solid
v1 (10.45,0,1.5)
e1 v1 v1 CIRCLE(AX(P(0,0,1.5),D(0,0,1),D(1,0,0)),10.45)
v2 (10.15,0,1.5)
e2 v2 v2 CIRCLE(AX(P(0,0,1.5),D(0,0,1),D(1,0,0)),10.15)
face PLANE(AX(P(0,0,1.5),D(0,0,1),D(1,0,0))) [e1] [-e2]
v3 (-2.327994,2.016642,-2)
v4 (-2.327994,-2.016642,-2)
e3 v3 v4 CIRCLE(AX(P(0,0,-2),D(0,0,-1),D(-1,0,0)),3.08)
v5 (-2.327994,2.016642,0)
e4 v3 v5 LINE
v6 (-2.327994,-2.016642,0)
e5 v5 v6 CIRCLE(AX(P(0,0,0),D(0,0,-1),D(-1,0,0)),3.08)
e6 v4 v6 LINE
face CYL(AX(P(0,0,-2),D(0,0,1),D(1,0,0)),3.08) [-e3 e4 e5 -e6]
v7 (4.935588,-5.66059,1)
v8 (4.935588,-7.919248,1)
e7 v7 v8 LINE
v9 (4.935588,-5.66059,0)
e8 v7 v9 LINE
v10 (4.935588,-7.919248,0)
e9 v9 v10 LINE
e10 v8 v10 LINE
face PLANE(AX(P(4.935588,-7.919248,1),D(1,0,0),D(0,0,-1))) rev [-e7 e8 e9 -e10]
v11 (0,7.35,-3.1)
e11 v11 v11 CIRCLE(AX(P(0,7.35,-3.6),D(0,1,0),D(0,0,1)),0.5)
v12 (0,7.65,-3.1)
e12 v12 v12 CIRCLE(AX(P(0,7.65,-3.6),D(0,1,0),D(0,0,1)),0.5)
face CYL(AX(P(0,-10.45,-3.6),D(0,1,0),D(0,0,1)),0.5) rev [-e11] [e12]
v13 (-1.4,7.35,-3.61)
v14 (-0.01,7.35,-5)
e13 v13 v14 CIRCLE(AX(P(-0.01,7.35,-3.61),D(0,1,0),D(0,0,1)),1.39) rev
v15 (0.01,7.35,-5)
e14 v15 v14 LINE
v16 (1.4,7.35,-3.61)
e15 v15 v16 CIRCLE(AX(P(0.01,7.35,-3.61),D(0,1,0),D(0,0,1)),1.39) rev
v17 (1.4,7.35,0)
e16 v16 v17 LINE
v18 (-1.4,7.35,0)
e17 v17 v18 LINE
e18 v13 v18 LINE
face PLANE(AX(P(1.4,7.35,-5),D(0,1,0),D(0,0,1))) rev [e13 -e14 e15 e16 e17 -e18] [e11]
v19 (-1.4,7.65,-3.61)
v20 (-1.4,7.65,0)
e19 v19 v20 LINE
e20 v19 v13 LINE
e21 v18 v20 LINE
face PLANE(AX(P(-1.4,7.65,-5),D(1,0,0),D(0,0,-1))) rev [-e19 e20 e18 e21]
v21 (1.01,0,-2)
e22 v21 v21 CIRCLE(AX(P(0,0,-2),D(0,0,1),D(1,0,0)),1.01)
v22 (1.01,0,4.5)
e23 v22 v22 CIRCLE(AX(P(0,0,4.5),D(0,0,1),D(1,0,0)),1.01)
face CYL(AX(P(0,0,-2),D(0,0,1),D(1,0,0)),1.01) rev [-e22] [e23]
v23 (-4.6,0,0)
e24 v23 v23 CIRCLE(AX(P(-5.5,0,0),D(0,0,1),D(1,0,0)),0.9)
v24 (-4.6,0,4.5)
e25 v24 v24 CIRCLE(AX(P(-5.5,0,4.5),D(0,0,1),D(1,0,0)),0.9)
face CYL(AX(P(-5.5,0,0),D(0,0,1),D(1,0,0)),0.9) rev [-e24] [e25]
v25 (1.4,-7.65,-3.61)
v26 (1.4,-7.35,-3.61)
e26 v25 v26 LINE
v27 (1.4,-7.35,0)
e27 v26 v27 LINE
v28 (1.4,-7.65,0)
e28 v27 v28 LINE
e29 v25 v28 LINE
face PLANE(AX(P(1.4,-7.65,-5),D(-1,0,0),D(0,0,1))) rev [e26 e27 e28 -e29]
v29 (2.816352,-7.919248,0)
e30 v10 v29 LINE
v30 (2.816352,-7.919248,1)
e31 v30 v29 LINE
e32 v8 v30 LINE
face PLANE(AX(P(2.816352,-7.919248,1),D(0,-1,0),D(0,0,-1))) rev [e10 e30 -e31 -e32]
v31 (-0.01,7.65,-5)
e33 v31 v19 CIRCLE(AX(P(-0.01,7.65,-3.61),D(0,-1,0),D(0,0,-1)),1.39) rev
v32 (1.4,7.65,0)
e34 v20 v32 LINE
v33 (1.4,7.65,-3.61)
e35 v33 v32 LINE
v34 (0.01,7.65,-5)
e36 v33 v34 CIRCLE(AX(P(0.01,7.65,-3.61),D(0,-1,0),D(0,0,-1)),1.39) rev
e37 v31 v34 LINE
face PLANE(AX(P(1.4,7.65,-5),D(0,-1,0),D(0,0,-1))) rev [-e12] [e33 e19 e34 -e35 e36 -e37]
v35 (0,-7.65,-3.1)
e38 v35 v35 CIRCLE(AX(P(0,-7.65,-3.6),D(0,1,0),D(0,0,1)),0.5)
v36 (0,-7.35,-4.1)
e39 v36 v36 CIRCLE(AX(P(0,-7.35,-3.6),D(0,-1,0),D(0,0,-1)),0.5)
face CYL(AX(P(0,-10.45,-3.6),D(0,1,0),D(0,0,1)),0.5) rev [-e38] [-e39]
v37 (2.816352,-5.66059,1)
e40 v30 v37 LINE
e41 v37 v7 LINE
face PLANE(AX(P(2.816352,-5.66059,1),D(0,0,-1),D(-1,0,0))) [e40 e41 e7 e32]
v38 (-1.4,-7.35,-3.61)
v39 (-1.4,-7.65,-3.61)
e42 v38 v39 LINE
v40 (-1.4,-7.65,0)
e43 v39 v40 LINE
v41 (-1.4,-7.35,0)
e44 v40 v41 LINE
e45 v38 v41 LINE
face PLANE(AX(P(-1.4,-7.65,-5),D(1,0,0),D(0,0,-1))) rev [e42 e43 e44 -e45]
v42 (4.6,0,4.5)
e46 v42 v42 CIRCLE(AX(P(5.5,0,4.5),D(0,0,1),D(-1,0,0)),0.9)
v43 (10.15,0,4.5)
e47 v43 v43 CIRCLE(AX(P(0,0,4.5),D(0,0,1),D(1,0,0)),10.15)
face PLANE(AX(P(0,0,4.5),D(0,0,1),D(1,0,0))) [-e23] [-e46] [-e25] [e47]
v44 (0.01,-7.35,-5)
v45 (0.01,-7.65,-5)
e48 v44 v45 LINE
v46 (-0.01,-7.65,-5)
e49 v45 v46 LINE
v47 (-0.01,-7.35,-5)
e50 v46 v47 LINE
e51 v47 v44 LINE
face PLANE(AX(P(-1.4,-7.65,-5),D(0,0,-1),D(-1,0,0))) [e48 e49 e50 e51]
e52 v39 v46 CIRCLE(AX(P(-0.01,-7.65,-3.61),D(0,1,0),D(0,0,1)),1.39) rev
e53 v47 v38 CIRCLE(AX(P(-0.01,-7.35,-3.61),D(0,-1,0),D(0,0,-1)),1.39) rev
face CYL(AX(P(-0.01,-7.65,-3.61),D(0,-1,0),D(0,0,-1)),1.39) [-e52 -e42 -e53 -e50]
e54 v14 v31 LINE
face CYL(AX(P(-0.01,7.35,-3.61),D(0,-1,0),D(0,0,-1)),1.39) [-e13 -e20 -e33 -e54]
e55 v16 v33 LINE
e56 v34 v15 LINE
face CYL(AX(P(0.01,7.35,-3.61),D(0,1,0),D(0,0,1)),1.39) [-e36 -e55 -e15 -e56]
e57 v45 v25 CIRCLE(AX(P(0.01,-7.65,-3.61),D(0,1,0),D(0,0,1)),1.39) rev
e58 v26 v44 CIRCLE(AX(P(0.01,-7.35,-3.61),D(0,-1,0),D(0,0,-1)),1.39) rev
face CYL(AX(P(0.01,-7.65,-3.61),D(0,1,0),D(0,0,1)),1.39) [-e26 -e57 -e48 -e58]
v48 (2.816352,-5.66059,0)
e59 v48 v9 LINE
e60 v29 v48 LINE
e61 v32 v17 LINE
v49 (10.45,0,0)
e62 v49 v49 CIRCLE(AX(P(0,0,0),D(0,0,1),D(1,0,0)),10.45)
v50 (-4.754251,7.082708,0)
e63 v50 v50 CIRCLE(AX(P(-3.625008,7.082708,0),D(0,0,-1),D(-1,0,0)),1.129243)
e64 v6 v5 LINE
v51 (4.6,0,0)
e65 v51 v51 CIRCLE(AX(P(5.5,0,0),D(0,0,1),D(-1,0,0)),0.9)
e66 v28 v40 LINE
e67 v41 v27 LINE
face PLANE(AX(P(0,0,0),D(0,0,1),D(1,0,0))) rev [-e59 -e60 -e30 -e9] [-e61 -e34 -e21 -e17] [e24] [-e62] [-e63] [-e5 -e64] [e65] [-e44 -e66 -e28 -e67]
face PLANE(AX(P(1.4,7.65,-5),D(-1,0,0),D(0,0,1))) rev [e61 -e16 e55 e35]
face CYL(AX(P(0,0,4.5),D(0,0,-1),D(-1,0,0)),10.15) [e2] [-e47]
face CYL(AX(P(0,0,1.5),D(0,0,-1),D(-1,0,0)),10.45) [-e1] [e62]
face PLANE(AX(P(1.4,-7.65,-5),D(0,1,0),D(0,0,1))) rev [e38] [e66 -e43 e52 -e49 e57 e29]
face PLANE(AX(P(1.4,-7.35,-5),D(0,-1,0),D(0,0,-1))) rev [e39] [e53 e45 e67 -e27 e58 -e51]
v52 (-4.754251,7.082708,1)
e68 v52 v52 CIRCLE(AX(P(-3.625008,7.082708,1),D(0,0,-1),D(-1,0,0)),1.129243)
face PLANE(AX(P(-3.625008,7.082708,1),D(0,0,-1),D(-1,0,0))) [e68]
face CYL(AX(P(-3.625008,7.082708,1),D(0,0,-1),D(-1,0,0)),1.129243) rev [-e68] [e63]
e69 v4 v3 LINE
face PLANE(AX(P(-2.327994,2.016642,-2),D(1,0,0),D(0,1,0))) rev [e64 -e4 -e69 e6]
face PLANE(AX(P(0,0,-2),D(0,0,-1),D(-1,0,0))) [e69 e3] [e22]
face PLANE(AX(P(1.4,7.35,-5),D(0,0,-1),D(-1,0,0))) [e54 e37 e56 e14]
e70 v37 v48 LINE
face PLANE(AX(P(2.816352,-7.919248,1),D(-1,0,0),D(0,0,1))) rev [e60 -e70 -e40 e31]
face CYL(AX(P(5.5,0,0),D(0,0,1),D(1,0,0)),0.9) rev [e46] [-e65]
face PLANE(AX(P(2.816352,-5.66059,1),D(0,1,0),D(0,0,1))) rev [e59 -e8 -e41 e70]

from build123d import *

# Parameters (mm, degrees)
ESQUISSE1_R             = 10.45
BASE_EXTRUSION_DEPTH    = 1.5
ESQUISSE2_R             = 10.15
BOSS_EXTRU_1_DEPTH      = 3
ESQUISSE4_R             = 0.9
ENL_V_MAT_EXTRU_2_DEPTH = 16.448462707
BOSS_EXTRU_3_DEPTH      = 2
ESQUISSE3_R             = 1.01
ENL_V_MAT_EXTRU_1_DEPTH = 17.144813409
ESQUISSE7_W             = 2.8
ESQUISSE7_H             = 0.3
BOSS_EXTRU_4_DEPTH      = 5
CONG_1_R                = 1.39
ESQUISSE8_R             = 0.5
ENL_V_MAT_EXTRU_3_DEPTH = 22.489823173
ESQUISSE9_R             = 1.129243381
ESQUISSE9_W             = 2.119235508
ESQUISSE9_H             = 2.258658896
ENL_V_MAT_EXTRU_4_DEPTH = 1


with BuildPart() as part:
    # Esquisse1 → Base-Extrusion (new body)
    with BuildSketch(Plane.XY):
        Circle(ESQUISSE1_R)
    extrude(amount=BASE_EXTRUSION_DEPTH)

    # Esquisse2 → Boss.-Extru.1 (add)
    with BuildSketch(Plane.XY.offset(1.5)):
        Circle(ESQUISSE2_R)
    extrude(amount=BOSS_EXTRU_1_DEPTH)

    # Esquisse4 (on Front Plane) → Enlèv. mat.-Extru.2 (cut, through all)
    with BuildSketch(Plane.XY):
        with Locations((-5.5, 0)):
            Circle(ESQUISSE4_R)
        with Locations(Location((5.5, 0, 0), (0, 0, 180))):
            Circle(ESQUISSE4_R)
    extrude(amount=ENL_V_MAT_EXTRU_2_DEPTH, mode=Mode.SUBTRACT)

    # Esquisse6 → Boss.-Extru.3 (add)
    with BuildSketch(Plane(origin=(0, 0, 0), x_dir=(-1, 0, 0), z_dir=(0, 0, -1))):
        with BuildLine():
            Line((2.327994108, 2.016641622), (2.327994108, -2.016641622))
            ThreePointArc((2.327994108, -2.016641622), (-3.08, 0), (2.327994108, 2.016641622))
        make_face()
    extrude(amount=BOSS_EXTRU_3_DEPTH)

    # Esquisse3 → Enlèv. mat.-Extru.1 (cut, through all)
    with BuildSketch(Plane.XY.offset(4.5)):
        Circle(ESQUISSE3_R)
    extrude(amount=-ENL_V_MAT_EXTRU_1_DEPTH, mode=Mode.SUBTRACT)

    # Esquisse7 → Boss.-Extru.4 (add)
    with BuildSketch(Plane(origin=(0, 0, 0), x_dir=(-1, 0, 0), z_dir=(0, 0, -1))):
        with Locations((0, 7.5)):
            Rectangle(ESQUISSE7_W, ESQUISSE7_H)
        with Locations((0, -7.5)):
            Rectangle(ESQUISSE7_W, ESQUISSE7_H)
    extrude(amount=BOSS_EXTRU_4_DEPTH)

    # Congé1
    cong_1_edges = [part.edges().sort_by_distance(p)[0] for p in [
        (-1.4, -7.5, -5),
        (1.4, -7.5, -5),
        (1.4, 7.5, -5),
        (-1.4, 7.5, -5),
    ]]
    fillet(cong_1_edges, radius=CONG_1_R)

    # Esquisse8 → Enlèv. mat.-Extru.3 (cut, through all)
    with BuildSketch(Plane(origin=(0, 7.65, 0), x_dir=(-1, 0, 0), z_dir=(0, 1, 0))):
        with Locations(Location((0, -3.6, 0), (0, 0, 90))):
            Circle(ESQUISSE8_R)
    extrude(amount=-ENL_V_MAT_EXTRU_3_DEPTH, mode=Mode.SUBTRACT)

    # Esquisse9 → Enlèv. mat.-Extru.4 (cut)
    with BuildSketch(Plane(origin=(0, 0, 0), x_dir=(-1, 0, 0), z_dir=(0, 0, -1))):
        with Locations((3.625008105, 7.082708144)):
            Circle(ESQUISSE9_R)
        with Locations((-3.875970205, -6.789919028)):
            Rectangle(ESQUISSE9_W, ESQUISSE9_H)
    extrude(amount=-ENL_V_MAT_EXTRU_4_DEPTH, mode=Mode.SUBTRACT)


solid = part.part
